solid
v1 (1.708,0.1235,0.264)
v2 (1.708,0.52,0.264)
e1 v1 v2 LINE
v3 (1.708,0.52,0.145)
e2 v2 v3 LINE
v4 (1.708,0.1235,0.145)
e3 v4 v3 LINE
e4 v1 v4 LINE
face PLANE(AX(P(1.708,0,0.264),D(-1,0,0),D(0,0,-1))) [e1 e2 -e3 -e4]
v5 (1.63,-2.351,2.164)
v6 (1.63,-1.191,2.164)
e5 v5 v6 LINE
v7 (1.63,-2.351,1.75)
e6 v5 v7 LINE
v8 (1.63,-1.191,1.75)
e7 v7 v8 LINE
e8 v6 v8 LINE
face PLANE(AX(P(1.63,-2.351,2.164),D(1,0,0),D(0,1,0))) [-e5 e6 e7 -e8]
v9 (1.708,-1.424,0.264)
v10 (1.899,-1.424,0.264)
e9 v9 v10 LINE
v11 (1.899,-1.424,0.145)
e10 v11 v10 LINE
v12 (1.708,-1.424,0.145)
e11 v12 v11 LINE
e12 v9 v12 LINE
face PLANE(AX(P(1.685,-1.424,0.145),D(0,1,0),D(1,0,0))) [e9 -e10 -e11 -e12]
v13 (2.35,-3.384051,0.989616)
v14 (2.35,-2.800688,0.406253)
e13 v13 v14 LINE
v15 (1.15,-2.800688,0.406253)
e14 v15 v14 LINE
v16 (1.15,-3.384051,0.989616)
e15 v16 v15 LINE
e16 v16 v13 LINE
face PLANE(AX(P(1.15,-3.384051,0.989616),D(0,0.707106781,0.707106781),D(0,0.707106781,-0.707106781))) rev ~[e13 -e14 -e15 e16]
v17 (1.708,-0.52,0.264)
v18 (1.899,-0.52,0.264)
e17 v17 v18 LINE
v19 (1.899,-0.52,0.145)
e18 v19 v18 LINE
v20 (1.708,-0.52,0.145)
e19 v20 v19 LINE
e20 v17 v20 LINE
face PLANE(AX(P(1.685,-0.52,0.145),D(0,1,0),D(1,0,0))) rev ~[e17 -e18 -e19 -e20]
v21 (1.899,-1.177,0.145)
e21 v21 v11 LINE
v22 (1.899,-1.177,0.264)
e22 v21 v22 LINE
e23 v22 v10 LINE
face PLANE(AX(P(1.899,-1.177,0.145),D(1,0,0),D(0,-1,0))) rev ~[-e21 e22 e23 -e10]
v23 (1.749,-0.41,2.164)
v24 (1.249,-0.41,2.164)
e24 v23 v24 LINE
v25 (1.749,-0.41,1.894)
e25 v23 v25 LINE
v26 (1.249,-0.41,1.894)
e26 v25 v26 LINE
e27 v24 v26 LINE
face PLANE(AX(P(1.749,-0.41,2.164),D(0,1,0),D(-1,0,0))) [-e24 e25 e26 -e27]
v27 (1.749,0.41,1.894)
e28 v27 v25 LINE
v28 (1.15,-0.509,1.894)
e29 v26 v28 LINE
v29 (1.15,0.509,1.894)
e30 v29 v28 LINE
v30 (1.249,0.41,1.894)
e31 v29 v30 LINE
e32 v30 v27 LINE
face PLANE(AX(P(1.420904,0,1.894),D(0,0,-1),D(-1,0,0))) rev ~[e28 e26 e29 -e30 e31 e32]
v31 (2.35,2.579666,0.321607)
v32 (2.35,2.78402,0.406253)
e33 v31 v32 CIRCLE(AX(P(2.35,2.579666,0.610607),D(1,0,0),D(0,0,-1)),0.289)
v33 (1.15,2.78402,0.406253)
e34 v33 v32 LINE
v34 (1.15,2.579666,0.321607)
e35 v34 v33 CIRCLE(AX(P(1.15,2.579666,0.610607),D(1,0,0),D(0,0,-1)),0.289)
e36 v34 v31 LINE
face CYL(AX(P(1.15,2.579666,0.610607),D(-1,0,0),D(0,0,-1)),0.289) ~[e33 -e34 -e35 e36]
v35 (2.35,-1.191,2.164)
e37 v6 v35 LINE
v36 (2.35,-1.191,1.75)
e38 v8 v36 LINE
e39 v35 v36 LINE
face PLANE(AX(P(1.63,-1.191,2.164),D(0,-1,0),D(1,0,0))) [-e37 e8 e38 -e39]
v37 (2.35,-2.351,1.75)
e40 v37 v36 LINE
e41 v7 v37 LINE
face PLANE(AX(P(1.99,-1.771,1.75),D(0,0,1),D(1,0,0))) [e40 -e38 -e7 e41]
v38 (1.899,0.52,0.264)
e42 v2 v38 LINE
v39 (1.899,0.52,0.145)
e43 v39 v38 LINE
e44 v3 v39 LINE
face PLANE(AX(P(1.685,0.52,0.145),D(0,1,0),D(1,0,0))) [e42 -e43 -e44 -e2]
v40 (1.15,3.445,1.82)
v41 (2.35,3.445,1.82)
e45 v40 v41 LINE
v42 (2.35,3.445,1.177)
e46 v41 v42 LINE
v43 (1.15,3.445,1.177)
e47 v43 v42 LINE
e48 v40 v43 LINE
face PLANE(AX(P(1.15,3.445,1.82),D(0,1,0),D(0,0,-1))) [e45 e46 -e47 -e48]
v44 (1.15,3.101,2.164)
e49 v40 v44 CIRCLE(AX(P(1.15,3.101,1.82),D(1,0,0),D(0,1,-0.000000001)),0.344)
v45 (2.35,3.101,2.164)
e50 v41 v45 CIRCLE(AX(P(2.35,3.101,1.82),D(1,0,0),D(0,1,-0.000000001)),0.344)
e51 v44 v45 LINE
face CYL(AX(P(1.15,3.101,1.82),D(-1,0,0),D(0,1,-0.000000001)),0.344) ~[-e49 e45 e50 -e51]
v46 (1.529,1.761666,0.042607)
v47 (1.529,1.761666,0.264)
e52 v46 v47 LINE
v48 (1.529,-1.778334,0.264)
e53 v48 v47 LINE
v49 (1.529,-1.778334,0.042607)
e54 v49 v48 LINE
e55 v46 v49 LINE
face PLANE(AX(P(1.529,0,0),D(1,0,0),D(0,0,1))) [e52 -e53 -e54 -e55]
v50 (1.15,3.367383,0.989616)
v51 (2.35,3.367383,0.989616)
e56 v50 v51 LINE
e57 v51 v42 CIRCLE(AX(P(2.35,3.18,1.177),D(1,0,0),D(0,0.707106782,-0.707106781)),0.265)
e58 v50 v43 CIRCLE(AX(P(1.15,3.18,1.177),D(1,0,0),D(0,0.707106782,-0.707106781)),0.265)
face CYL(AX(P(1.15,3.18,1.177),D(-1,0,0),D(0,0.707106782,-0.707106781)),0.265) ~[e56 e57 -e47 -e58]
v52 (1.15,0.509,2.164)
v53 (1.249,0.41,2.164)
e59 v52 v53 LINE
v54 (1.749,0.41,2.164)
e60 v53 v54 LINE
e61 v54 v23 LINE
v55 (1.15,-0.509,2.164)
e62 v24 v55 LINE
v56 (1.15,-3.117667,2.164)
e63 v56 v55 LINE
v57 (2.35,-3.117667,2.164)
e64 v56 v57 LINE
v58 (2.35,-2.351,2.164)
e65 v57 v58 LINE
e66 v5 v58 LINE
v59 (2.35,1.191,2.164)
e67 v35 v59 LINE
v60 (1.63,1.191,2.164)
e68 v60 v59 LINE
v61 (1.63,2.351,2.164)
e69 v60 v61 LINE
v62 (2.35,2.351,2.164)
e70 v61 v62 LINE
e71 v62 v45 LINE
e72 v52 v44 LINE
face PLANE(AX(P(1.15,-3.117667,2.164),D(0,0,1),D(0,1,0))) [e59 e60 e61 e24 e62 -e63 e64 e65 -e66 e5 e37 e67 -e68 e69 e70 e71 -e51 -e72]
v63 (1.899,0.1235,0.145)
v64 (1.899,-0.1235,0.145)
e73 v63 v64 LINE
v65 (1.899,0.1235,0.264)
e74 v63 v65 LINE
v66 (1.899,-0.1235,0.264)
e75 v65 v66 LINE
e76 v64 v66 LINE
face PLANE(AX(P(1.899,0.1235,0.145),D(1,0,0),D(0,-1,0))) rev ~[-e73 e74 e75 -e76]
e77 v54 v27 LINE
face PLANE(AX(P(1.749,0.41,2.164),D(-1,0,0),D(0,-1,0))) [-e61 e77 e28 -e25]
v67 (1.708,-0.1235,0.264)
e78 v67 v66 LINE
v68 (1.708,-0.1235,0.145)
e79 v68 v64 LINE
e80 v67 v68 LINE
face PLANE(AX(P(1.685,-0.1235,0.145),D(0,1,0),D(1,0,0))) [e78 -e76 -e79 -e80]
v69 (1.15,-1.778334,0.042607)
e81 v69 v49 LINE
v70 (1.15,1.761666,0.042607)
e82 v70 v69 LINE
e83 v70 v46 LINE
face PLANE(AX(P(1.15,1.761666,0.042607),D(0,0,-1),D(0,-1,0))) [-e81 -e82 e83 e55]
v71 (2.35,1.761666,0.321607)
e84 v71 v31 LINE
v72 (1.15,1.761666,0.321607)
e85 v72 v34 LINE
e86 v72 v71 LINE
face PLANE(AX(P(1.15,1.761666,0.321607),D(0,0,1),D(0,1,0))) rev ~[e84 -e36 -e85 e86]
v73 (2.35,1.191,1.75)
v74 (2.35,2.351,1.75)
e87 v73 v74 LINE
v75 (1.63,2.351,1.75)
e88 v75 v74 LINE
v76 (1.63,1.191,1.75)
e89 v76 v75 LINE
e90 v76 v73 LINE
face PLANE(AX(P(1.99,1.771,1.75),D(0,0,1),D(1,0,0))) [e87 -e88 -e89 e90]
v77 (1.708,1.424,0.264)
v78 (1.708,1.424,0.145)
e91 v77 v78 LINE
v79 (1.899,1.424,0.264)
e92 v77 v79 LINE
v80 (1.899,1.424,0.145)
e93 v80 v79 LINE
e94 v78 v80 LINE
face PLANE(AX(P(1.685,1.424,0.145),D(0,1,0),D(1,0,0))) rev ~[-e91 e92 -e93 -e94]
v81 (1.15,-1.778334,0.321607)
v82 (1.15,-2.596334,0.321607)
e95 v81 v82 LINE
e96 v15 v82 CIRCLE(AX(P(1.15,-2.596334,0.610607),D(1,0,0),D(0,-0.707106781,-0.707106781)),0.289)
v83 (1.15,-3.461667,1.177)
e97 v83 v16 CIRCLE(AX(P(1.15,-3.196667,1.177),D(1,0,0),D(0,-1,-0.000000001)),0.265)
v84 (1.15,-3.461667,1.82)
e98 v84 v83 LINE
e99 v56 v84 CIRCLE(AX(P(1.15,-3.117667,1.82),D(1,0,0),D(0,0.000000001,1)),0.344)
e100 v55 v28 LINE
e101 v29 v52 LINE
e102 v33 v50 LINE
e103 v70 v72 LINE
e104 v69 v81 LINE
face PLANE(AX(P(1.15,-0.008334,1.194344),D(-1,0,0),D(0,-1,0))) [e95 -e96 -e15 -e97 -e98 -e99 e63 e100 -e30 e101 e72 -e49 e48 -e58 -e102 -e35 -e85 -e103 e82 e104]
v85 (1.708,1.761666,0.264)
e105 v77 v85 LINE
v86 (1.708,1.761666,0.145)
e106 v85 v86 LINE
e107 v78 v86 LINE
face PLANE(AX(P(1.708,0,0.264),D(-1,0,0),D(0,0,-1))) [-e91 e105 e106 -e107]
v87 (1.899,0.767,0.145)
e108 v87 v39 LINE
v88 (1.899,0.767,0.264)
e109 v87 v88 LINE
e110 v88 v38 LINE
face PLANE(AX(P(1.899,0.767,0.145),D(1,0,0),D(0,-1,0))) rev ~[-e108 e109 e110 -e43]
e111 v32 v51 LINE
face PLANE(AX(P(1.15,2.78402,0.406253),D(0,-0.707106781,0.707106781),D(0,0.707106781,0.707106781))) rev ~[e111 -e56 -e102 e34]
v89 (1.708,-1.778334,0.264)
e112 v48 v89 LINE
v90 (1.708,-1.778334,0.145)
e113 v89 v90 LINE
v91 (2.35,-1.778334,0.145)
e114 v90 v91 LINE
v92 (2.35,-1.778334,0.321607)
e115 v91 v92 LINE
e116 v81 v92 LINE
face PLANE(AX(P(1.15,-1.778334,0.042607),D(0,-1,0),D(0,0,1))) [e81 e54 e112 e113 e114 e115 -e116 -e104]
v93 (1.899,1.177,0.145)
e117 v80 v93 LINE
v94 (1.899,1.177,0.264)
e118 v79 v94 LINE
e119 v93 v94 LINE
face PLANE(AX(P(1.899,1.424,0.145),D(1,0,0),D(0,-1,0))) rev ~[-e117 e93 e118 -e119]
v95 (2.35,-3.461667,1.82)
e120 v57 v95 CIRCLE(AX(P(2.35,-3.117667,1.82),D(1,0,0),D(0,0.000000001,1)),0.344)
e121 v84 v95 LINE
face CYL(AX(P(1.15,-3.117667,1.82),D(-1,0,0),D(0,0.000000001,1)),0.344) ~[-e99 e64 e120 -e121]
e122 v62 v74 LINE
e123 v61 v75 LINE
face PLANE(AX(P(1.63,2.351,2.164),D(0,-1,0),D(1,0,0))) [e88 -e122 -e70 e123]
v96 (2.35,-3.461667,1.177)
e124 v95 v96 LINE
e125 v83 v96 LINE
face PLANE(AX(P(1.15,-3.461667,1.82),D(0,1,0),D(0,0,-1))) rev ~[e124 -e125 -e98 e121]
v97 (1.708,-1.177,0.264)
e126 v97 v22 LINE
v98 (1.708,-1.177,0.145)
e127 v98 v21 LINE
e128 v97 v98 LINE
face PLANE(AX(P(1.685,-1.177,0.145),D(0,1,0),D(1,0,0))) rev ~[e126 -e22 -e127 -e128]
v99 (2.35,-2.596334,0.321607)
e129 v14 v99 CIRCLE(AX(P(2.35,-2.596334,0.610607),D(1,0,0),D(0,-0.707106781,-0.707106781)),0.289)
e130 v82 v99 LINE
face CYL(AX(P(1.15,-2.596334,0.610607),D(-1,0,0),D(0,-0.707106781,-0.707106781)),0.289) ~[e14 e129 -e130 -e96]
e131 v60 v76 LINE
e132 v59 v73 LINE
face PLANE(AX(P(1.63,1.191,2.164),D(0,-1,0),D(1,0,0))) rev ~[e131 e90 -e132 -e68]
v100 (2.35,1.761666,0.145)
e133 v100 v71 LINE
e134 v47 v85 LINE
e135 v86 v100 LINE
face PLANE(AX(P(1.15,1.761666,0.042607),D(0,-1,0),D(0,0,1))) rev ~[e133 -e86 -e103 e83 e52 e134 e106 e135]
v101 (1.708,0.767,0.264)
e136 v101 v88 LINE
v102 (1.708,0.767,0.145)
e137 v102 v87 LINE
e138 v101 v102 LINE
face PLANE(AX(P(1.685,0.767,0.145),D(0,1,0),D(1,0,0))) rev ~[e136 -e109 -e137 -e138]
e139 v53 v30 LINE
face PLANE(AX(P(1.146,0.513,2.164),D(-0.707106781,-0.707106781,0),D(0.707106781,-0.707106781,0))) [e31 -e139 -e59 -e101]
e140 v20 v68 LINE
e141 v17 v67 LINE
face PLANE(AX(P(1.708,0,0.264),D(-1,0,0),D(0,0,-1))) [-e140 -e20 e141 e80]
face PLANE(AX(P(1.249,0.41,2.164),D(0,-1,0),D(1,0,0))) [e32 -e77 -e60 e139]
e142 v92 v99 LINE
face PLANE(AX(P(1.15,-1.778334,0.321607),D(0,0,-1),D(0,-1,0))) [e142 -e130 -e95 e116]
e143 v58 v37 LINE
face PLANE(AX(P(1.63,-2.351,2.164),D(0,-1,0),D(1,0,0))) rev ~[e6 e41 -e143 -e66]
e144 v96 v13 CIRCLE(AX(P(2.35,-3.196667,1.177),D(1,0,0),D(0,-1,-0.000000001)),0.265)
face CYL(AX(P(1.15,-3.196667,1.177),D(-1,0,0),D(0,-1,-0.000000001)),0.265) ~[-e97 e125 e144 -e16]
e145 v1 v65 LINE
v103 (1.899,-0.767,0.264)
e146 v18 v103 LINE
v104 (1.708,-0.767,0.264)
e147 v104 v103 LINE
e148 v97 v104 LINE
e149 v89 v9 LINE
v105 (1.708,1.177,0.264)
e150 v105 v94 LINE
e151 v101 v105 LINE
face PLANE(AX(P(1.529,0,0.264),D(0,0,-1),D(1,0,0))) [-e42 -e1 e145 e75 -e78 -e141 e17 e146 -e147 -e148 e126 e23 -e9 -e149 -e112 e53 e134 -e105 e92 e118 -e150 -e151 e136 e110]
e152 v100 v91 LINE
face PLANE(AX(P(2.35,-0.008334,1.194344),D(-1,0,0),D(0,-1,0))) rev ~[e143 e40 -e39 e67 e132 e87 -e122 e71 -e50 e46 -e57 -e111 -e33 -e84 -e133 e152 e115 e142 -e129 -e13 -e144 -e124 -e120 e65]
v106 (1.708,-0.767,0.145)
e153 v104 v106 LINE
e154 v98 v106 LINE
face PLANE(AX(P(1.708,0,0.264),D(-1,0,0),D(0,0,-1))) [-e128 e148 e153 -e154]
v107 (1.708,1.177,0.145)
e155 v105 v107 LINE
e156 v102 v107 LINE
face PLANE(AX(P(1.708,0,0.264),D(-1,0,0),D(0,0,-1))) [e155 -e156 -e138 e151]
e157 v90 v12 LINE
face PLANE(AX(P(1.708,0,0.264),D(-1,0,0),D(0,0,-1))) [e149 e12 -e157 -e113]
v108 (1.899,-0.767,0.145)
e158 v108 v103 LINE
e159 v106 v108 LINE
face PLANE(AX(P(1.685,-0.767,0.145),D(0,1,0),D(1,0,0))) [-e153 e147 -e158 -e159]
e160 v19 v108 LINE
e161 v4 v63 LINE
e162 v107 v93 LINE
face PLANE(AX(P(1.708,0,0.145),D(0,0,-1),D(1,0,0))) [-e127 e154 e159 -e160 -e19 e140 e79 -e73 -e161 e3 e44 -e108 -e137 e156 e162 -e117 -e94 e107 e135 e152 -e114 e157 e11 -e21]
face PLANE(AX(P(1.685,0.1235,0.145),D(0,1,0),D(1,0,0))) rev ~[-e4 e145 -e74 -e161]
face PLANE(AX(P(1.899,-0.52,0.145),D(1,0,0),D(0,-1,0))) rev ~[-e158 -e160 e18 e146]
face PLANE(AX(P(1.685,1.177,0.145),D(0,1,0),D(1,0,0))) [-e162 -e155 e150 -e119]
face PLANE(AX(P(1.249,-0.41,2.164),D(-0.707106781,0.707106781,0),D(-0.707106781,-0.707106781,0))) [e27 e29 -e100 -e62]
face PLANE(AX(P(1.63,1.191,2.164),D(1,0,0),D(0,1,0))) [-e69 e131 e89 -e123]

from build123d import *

# Parameters (mm, degrees)
PAD009_DEPTH    = 1.8
PAD008_DEPTH    = 1.2
SKETCH018_W     = 0.214
SKETCH018_H     = 0.247
POCKET007_DEPTH = 0.119
SKETCH019_W     = 0.72
SKETCH019_H     = 1.16
POCKET008_DEPTH = 0.414
POCKET009_DEPTH = 0.27


with BuildPart() as pad009:
    # Sketch017 → Pad009 (new body, symmetric)
    with BuildSketch(Plane.XZ):
        Polygon((1.529, 0), (1.529, 0.264), (1.708, 0.264), (1.708, 0.145), (2.358, 0.145), (2.358, 0), align=None)
    extrude(amount=PAD009_DEPTH, both=True)


with BuildPart() as pocket009:
    # Sketch016 → Pad008 (new body)
    with BuildSketch(Plane(origin=(1.1499999635, -0.0083336435, -0.0078429583), x_dir=(0, 1, 0), z_dir=(1, 0, 0))):
        with BuildLine():
            Line((-3.1093336572, 2.1718425317), (3.1093336572, 2.1718425317))
            ThreePointArc((3.4533336572, 1.8278425317), (3.35257839, 2.0710872645), (3.1093336572, 2.1718425317))
            Line((3.4533336572, 1.8278425317), (3.4533336572, 1.1848425317))
            ThreePointArc((3.3757169542, 0.9974592347), (3.4331617333, 1.0834314222), (3.4533336572, 1.1848425317))
            Line((2.7923538598, 0.4140961402), (3.3757169542, 0.9974592347))
            ThreePointArc((2.588, 0.32945), (2.698595512, 0.3514488151), (2.7923538598, 0.4140961402))
            Line((1.77, 0.32945), (2.588, 0.32945))
            Line((1.77, 0.05045), (1.77, 0.32945))
            Line((1.77, 0.05045), (-1.77, 0.05045))
            Line((-1.77, 0.05045), (-1.77, 0.32945))
            Line((-1.77, 0.32945), (-2.588, 0.32945))
            ThreePointArc((-2.7923538598, 0.4140961402), (-2.698595512, 0.3514488151), (-2.588, 0.32945))
            Line((-3.3757169542, 0.9974592347), (-2.7923538598, 0.4140961402))
            ThreePointArc((-3.4533336572, 1.1848425317), (-3.4331617333, 1.0834314222), (-3.3757169542, 0.9974592347))
            Line((-3.4533336572, 1.8278425317), (-3.4533336572, 1.1848425317))
            ThreePointArc((-3.1093336572, 2.1718425317), (-3.35257839, 2.0710872645), (-3.4533336572, 1.8278425317))
        make_face()
    extrude(amount=PAD008_DEPTH)

    # Cut: cut Pad009
    add(pad009.part, mode=Mode.SUBTRACT)

    # Sketch018 (on Face19 of Cut) → Pocket007 (cut)
    with BuildSketch(Plane(origin=(0, 0, 0.145), x_dir=(1, 0, 0), z_dir=(0, 0, -1))):
        with Locations((1.792, -1.3005)):
            Rectangle(SKETCH018_W, SKETCH018_H)
        with Locations((1.792, -0.6435)):
            Rectangle(SKETCH018_W, SKETCH018_H)
        with Locations((1.792, 0)):
            Rectangle(SKETCH018_W, SKETCH018_H)
        with Locations((1.792, 0.6435)):
            Rectangle(SKETCH018_W, SKETCH018_H)
        with Locations((1.792, 1.3005)):
            Rectangle(SKETCH018_W, SKETCH018_H)
    extrude(amount=-POCKET007_DEPTH, mode=Mode.SUBTRACT)

    # Sketch019 (on Face2 of Pocket007) → Pocket008 (cut)
    with BuildSketch(Plane.XY.offset(2.1639995734)):
        with Locations((1.9899999635, -1.771)):
            Rectangle(SKETCH019_W, SKETCH019_H)
        with Locations((1.9899999635, 1.771)):
            Rectangle(SKETCH019_W, SKETCH019_H)
    extrude(amount=-POCKET008_DEPTH, mode=Mode.SUBTRACT)

    # Sketch020 (on Face2 of Pocket008) → Pocket009 (cut)
    with BuildSketch(Plane.XY.offset(2.1639995734)):
        Polygon((1.249, 0.41), (1.749, 0.41), (1.749, -0.41), (1.249, -0.41), (1.146, -0.513), (1.146, 0.513), align=None)
    extrude(amount=-POCKET009_DEPTH, mode=Mode.SUBTRACT)


solid = pocket009.part
